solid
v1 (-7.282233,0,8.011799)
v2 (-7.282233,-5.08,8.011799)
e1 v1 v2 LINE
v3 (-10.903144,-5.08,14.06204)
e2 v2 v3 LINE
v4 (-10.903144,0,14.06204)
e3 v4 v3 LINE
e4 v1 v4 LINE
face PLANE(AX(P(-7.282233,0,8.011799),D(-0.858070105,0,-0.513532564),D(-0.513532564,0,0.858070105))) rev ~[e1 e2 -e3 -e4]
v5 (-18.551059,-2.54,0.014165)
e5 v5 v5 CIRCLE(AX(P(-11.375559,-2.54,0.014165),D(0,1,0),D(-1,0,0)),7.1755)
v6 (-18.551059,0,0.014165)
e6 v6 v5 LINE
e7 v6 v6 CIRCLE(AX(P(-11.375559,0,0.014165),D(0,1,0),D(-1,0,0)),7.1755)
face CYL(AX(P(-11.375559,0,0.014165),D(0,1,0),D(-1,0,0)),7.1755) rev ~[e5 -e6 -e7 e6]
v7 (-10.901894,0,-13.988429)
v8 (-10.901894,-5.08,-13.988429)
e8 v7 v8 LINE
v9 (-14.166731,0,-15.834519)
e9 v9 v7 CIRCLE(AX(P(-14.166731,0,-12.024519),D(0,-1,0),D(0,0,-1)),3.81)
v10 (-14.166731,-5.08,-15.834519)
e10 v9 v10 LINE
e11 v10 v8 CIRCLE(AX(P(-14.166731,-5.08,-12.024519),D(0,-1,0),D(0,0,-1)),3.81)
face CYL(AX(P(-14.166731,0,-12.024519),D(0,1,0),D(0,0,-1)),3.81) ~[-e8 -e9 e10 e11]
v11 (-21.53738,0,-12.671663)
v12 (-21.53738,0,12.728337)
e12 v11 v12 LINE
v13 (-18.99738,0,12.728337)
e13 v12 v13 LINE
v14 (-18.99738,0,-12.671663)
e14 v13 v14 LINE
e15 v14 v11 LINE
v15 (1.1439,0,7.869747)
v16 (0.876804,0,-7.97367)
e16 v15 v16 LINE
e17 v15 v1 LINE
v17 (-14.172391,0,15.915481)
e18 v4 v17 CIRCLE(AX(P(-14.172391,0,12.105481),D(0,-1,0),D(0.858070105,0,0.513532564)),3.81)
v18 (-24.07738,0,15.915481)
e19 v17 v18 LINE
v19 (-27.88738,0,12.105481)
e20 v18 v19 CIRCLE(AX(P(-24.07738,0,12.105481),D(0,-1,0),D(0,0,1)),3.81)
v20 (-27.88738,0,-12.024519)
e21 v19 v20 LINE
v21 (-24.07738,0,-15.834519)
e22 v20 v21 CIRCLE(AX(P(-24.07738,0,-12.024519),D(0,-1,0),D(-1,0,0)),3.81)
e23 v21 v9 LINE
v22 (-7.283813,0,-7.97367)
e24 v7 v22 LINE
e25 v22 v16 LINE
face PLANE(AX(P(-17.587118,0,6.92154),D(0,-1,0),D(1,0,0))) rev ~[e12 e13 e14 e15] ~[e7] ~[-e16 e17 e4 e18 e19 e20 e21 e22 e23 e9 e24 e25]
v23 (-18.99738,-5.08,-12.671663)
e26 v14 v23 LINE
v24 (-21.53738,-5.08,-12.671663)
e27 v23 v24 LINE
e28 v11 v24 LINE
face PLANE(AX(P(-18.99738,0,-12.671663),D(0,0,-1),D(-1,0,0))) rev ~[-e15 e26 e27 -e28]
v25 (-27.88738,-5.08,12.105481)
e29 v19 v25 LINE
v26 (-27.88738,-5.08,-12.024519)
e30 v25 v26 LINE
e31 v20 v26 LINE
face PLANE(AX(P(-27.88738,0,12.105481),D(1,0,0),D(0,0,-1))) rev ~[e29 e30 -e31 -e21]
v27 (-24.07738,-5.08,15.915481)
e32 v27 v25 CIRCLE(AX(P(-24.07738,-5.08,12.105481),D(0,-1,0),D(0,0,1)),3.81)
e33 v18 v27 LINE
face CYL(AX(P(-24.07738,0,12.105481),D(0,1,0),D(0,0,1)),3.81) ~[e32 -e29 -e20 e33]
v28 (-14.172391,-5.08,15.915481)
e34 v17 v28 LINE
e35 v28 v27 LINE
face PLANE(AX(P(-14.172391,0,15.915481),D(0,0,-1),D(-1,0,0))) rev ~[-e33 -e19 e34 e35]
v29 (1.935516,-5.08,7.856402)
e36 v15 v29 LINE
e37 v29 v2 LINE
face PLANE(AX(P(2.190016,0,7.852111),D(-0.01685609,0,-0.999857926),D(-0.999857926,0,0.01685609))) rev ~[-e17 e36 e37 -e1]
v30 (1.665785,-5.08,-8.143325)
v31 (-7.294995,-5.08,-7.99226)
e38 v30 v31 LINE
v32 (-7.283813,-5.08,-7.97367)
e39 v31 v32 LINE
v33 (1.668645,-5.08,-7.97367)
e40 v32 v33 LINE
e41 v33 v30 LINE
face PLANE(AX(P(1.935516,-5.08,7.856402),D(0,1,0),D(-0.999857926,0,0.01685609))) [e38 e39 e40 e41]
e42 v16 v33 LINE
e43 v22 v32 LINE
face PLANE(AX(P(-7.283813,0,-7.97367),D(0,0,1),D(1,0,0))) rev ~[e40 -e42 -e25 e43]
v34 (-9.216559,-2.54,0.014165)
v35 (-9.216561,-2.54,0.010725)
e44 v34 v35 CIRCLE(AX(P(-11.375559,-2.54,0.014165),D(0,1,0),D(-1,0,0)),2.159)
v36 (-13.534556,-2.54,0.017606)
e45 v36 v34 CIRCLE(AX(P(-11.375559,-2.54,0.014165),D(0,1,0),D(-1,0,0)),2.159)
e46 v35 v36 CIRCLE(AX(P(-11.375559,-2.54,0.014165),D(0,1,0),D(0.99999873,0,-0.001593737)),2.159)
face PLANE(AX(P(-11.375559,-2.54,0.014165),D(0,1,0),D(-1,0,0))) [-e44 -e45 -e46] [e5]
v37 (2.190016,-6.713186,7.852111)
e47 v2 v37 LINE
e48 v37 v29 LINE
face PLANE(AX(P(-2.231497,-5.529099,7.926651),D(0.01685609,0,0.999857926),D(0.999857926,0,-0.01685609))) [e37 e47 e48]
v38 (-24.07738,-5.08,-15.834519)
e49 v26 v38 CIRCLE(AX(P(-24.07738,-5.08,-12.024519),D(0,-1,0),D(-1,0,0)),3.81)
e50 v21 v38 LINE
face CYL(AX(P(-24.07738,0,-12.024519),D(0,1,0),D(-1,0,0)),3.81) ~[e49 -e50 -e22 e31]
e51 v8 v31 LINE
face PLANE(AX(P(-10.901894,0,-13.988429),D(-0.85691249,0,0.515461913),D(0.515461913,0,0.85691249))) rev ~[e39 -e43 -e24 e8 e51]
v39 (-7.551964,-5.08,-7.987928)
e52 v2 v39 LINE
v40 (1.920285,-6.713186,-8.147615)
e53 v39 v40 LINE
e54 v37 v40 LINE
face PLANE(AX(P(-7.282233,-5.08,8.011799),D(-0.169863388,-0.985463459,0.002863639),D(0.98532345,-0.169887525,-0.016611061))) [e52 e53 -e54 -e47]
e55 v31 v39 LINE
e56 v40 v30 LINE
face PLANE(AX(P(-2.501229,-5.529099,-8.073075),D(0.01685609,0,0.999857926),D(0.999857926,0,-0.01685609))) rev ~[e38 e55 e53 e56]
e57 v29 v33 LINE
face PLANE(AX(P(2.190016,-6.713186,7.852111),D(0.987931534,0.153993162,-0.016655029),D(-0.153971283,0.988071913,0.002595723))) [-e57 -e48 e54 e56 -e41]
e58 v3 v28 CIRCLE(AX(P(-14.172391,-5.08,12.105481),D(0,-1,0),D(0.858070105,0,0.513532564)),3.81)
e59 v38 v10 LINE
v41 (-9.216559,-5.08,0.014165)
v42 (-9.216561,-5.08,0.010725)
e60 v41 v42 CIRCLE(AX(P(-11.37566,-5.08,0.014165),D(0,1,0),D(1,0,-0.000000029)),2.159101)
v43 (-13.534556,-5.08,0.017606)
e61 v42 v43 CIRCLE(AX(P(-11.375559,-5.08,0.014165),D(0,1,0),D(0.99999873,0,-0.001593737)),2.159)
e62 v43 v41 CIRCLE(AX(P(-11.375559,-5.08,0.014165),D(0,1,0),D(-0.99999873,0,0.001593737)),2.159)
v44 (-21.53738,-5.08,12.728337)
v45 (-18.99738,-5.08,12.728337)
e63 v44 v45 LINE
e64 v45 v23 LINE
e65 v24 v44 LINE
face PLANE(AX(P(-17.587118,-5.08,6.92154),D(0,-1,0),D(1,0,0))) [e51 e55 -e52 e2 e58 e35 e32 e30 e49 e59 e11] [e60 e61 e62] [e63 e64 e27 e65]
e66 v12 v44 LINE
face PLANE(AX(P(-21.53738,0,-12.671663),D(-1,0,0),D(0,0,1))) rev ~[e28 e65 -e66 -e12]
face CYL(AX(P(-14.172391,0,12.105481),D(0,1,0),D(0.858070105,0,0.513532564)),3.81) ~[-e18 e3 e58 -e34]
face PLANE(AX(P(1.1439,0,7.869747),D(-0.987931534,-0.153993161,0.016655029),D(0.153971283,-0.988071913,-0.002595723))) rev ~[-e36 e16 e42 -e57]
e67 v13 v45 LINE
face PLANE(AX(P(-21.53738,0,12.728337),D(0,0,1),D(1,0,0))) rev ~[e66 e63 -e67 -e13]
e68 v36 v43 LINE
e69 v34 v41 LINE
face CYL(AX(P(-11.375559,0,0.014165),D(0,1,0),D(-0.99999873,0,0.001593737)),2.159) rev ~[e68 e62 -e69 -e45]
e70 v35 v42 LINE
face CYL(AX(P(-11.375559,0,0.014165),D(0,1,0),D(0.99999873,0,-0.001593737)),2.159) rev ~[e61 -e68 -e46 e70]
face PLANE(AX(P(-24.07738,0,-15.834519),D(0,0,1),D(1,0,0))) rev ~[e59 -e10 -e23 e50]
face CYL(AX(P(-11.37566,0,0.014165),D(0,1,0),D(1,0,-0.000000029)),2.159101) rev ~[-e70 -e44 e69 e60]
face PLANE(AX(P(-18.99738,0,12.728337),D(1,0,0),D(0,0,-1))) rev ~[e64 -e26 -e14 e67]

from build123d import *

# Parameters (mm, degrees)
F1_DEPTH = 5.08
F2_R     = 7.1755
F2_R_2   = 2.1589999972
F3_DEPTH = 2.54
F5_DEPTH = 16.002
F6_DEPTH = 25.4


with BuildPart() as f1:
    # F0 (on Front) → F1 (new body)
    with BuildSketch(Plane.XZ):
        with BuildLine():
            ThreePointArc((-24.0773800019, 15.9154809675), (-26.7714568383, 14.7995578038), (-27.8873800019, 12.1054809675))
            Line((-27.8873800019, 12.1054809675), (-27.8873800019, 0.0404809675))
            Line((-27.8873800019, 0.0404809675), (-21.5373800019, 0.0303607256))
            Line((-21.5373800019, 0.0303607256), (-21.5373800019, 12.7283366773))
            Line((-21.5373800019, 12.7283366773), (-18.9973800019, 12.7283366773))
            Line((-18.9973800019, 12.7283366773), (-18.9973800019, 0.0263126289))
            Line((-18.9973800019, 0.0263126289), (-13.5345559632, 0.0176063138))
            ThreePointArc((-13.5345559632, 0.0176063138), (-11.3738382656, 2.1731647505), (-9.2165587051, 0.014165436))
            ThreePointArc((-9.2165587051, 0.014165436), (-9.2165593906, 0.0124449965), (-9.216561447, 0.0107245581))
            Line((-9.216561447, 0.0107245581), (-3.1205702461, 0.0010091399))
            ThreePointArc((-3.1205702461, 0.0010091399), (-3.2577129888, 1.0180311008), (-3.6613210566, 1.9615576391))
            Line((-3.6613210566, 1.9615576391), (-7.2822325162, 8.0117988382))
            Line((-7.2822325162, 8.0117988382), (-10.9031439759, 14.0620400372))
            ThreePointArc((-10.9031439759, 14.0620400372), (-12.2933474445, 15.4198881585), (-14.1723910768, 15.9154809675))
            Line((-14.1723910768, 15.9154809675), (-24.0773800019, 15.9154809675))
        make_face()
        with BuildLine():
            Line((-21.5373800019, 0.0303607256), (-27.8873800019, 0.0404809675))
            Line((-27.8873800019, 0.0404809675), (-27.8873800019, -12.0245190325))
            ThreePointArc((-27.8873800019, -12.0245190325), (-26.7714568383, -14.7185958688), (-24.0773800019, -15.8345190325))
            Line((-24.0773800019, -15.8345190325), (-14.1667308046, -15.8345190325))
            ThreePointArc((-14.1667308046, -15.8345190325), (-12.2914170541, -15.3410380415), (-10.901894216, -13.9884289209))
            Line((-10.901894216, -13.9884289209), (-7.2838128924, -7.97367012))
            Line((-7.2838128924, -7.97367012), (-3.6657315689, -1.9589113191))
            ThreePointArc((-3.6657315689, -1.9589113191), (-3.2599220493, -1.0160093387), (-3.1205702461, 0.0010091399))
            Line((-3.1205702461, 0.0010091399), (-9.216561447, 0.0107245581))
            ThreePointArc((-9.216561447, 0.0107245581), (-11.378999583, -2.1448318221), (-13.5345559632, 0.0176063138))
            Line((-13.5345559632, 0.0176063138), (-18.9973800019, 0.0263126289))
            Line((-18.9973800019, 0.0263126289), (-18.9973800019, -12.6716633227))
            Line((-18.9973800019, -12.6716633227), (-21.5373800019, -12.6716633227))
            Line((-21.5373800019, -12.6716633227), (-21.5373800019, 0.0303607256))
        make_face()
        with BuildLine():
            Line((2.1900159532, 7.8521110746), (-7.2822325162, 8.0117988382))
            Line((-7.2822325162, 8.0117988382), (-3.6613210566, 1.9615576391))
            ThreePointArc((-3.6613210566, 1.9615576391), (-3.2577129888, 1.0180311008), (-3.1205702461, 0.0010091399))
            ThreePointArc((-3.1205702461, 0.0010091399), (-3.2599220493, -1.0160093387), (-3.6657315689, -1.9589113191))
            Line((-3.6657315689, -1.9589113191), (-7.2838128924, -7.97367012))
            Line((-7.2838128924, -7.97367012), (1.9232172503, -7.97367012))
            Line((1.9232172503, -7.97367012), (2.1900159532, 7.8521110746))
        make_face()
    extrude(amount=F1_DEPTH)

    # F2 (on face) → F3 (cut)
    with BuildSketch(Plane(origin=(0, 0, 0), x_dir=(-1, 0, 0), z_dir=(0, 1, 0))):
        with Locations((11.3755587051, 0.014165436)):
            Circle(F2_R)
        with Locations((11.3755587023, 0.014165436)):
            Circle(F2_R_2, mode=Mode.SUBTRACT)
    extrude(amount=-F3_DEPTH, mode=Mode.SUBTRACT)

    # F4 (on face) → F5 (join)
    with BuildSketch(Plane(origin=(0.1329593338, 0, 7.8867899338), x_dir=(0.999857926, 0, -0.0168560904), z_dir=(0.0168560904, 0, 0.999857926))):
        Polygon((1.8028132562, -5.08), (-7.4162455056, -5.08), (2.0573489152, -6.7131863907), align=None)
    extrude(amount=-F5_DEPTH)

    # F4 (on face) → F6 (cut)
    with BuildSketch(Plane(origin=(0.1329593338, 0, 7.8867899338), x_dir=(0.999857926, 0, -0.0168560904), z_dir=(0.0168560904, 0, 0.999857926))):
        Polygon((1.0110841831, 0), (1.8028132562, -5.08), (2.0573489152, -5.08), (2.0573489152, 0), align=None)
    extrude(amount=-F6_DEPTH, mode=Mode.SUBTRACT)


solid = f1.part
